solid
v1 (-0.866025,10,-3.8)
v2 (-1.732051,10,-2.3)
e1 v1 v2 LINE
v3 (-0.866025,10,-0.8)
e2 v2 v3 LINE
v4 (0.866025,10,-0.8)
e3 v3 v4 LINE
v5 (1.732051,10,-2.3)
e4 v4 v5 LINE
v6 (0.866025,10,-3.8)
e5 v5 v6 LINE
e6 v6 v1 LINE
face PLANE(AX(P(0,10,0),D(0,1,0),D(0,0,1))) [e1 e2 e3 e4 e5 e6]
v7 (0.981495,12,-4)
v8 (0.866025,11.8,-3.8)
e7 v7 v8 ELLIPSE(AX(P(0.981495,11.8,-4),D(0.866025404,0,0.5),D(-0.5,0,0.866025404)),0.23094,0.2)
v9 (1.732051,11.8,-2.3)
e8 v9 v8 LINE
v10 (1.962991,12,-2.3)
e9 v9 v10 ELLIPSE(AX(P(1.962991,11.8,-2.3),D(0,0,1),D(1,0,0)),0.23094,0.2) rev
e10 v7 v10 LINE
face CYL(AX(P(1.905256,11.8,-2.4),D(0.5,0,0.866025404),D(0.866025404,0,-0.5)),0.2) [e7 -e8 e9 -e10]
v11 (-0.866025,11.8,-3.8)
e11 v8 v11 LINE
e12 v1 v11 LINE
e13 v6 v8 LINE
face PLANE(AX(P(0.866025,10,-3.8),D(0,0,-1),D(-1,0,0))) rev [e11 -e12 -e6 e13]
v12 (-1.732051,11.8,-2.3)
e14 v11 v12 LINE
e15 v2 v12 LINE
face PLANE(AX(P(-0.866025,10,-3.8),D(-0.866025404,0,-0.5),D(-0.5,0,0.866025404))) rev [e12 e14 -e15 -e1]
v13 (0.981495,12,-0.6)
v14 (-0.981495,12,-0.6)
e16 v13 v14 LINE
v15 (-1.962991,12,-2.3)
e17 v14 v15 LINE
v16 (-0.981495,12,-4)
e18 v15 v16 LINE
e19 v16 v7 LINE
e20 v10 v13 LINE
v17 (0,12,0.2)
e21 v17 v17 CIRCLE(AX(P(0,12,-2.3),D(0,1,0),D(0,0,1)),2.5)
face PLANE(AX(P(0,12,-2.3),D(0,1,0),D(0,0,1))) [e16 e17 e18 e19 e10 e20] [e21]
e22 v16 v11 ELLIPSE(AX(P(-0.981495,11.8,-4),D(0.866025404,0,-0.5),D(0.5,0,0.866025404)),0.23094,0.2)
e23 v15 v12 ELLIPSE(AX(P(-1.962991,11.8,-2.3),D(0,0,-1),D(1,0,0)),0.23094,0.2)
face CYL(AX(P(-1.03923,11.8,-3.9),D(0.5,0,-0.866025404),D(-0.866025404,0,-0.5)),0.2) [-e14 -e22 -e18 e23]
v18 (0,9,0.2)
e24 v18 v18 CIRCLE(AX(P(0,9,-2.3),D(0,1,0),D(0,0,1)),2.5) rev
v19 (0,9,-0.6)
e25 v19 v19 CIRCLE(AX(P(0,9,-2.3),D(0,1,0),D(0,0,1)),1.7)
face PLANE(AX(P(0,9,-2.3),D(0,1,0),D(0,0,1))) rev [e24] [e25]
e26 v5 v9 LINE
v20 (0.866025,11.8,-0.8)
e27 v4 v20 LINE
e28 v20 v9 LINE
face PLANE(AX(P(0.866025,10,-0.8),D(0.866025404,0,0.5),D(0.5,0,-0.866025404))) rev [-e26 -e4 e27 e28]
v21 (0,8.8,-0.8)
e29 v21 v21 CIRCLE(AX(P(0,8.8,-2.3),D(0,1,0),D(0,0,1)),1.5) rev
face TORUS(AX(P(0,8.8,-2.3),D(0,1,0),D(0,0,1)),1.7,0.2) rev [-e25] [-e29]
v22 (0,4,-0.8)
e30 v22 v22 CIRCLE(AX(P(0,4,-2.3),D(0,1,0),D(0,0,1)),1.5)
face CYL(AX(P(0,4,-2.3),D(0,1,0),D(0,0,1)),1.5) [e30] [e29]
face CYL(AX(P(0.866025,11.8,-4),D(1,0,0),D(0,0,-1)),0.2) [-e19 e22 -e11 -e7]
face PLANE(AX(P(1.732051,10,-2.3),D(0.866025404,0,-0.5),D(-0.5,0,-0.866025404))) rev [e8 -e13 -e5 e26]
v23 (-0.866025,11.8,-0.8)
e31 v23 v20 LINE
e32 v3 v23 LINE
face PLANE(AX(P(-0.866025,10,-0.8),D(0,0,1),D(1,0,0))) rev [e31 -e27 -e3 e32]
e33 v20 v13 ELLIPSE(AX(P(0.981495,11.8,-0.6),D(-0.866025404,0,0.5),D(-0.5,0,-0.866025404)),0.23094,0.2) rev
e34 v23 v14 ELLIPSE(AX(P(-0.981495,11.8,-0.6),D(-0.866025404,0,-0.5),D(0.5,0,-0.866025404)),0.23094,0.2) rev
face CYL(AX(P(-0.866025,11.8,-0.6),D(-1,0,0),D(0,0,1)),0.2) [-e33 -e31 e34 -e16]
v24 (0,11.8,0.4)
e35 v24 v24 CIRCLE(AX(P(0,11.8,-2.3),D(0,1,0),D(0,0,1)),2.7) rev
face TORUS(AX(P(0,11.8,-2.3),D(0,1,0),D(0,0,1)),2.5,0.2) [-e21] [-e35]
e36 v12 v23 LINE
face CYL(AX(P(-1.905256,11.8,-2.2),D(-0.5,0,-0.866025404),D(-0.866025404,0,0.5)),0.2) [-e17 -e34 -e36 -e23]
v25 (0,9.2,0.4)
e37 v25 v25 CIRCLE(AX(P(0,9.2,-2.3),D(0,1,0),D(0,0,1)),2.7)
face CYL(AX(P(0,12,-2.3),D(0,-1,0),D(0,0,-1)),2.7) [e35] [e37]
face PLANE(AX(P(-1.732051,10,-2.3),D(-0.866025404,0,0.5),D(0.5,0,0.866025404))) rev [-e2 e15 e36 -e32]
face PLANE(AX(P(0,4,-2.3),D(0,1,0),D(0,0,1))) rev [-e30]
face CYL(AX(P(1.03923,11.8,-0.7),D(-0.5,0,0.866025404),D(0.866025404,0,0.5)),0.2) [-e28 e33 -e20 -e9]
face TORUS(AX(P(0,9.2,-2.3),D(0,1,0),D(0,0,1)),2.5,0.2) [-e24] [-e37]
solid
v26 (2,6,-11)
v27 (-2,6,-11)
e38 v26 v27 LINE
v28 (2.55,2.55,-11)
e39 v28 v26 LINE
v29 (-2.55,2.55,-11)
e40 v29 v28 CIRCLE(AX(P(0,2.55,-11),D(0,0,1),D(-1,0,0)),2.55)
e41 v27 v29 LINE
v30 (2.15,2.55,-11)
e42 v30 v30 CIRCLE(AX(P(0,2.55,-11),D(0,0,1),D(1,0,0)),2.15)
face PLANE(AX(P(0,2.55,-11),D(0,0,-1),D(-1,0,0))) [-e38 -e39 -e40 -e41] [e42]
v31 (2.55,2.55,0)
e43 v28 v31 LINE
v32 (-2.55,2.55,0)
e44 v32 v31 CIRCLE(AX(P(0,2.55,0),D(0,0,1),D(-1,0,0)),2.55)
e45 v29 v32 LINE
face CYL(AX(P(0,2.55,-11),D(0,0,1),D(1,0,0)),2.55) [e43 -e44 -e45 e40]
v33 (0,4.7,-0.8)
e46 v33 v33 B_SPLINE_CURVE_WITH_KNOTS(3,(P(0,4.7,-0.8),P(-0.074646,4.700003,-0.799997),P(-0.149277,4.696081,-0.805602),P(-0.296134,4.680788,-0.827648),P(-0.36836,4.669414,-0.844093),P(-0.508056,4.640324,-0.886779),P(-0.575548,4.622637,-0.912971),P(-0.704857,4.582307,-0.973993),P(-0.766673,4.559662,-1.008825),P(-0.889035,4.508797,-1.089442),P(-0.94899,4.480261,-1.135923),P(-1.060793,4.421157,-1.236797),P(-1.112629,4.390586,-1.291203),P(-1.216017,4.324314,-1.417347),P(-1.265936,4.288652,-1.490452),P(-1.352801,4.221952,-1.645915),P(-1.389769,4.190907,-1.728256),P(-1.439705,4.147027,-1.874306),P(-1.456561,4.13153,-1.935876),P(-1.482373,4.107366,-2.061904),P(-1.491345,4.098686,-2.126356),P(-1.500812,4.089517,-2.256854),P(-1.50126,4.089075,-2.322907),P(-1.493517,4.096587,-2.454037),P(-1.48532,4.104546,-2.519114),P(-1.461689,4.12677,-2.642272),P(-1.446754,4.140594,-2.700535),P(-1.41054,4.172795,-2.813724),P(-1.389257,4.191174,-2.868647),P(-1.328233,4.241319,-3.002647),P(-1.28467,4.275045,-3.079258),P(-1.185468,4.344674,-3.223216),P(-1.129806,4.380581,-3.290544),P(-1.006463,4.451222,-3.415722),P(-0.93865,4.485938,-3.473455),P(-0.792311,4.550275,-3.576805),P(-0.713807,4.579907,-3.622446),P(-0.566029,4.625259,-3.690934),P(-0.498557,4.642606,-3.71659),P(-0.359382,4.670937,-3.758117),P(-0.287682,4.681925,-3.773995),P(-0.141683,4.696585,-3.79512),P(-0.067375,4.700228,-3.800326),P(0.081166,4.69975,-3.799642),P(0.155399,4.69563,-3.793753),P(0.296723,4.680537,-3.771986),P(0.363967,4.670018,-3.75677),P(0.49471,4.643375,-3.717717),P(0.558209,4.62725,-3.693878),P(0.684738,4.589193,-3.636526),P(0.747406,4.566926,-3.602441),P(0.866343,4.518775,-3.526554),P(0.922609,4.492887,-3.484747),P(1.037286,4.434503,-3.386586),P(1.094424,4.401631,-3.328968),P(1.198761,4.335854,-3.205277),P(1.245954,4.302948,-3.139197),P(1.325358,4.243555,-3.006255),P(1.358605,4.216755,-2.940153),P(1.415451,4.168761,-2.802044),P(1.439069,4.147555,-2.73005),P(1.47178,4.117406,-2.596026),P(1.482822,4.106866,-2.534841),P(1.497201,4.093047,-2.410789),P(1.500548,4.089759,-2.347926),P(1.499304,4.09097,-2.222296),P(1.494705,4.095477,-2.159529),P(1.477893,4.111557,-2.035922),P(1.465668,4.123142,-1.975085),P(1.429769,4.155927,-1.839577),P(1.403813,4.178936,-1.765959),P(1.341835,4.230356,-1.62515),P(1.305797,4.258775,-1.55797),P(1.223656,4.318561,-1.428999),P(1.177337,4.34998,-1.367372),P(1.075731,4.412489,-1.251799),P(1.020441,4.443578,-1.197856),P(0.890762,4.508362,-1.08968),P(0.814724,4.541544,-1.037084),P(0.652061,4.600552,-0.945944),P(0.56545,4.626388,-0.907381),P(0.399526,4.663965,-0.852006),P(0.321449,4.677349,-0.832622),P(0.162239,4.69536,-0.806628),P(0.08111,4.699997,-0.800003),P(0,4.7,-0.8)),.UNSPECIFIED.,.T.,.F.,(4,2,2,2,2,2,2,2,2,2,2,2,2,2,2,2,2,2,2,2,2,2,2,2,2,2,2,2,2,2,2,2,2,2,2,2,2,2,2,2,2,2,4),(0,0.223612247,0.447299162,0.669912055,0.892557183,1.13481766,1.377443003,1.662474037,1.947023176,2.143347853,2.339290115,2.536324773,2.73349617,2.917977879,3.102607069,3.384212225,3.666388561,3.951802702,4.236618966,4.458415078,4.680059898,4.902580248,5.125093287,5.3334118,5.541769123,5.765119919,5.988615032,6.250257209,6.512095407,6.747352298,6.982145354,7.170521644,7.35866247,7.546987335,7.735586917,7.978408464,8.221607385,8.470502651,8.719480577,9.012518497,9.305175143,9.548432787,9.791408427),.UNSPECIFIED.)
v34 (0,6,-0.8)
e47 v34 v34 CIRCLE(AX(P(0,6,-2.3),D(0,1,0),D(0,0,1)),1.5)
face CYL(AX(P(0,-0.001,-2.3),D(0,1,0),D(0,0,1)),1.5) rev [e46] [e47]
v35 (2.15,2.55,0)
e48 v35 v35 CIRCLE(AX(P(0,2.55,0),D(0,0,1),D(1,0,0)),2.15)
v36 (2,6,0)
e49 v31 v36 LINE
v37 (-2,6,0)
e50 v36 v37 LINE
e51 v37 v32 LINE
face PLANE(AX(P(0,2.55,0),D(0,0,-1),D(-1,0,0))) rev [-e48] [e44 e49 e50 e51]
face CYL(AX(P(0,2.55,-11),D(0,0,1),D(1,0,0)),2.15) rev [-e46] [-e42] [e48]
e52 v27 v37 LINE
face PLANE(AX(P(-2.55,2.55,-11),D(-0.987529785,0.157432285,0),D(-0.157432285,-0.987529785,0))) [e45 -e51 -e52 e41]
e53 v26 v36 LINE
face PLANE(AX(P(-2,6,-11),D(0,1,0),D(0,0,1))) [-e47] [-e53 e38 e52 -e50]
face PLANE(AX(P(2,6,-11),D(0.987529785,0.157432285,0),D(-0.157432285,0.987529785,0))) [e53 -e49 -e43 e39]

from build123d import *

# Parameters (mm, degrees)
SKETCH_1_R               = 2.15
EXTRUDE_1_DEPTH          = 11
CUT_EXTRUDE_1_REACH      = 14.787
CUT_EXTRUDE_1_END_RADIUS = 2.15
SKETCH_2_R               = 1.5
EXTRUDE_2_DEPTH          = 3
EXTRUDE_2_DEPTH_BACK     = 2
SKETCH_3_R               = 1.5
SKETCH_4_R               = 2.7
EXTRUDE_3_DEPTH          = 3
CUT_EXTRUDE_2_DEPTH      = 2
FILLET_1_R               = 0.2


with BuildPart() as part:
    # Эскиз1 → Бобышка-Вытянуть1 (new body)
    with BuildSketch(Plane.XY):
        with BuildLine():
            Line((-2, 6), (2, 6))
            Line((2, 6), (2.55, 2.55))
            ThreePointArc((2.55, 2.55), (0, 0), (-2.55, 2.55))
            Line((-2.55, 2.55), (-2, 6))
        make_face()
        with Locations((0, 2.55)):
            Circle(SKETCH_1_R, mode=Mode.SUBTRACT)
    extrude(amount=-EXTRUDE_1_DEPTH)

    # Вырез-Вытянуть1: up to this cylinder (the profile starts outside it)
    cut_extrude_1_end = Plane(origin=(0, 2.55, -2.3), z_dir=(0, 0, 1)) * Cylinder(CUT_EXTRUDE_1_END_RADIUS, 34.874, mode=Mode.PRIVATE)
    # Эскиз2 → Вырез-Вытянуть1 (cut, up to the surface)
    with BuildSketch(Plane(origin=(0, 6, 0), x_dir=(1, 0, 0), z_dir=(0, 1, 0)), mode=Mode.PRIVATE) as cut_extrude_1_sk1:
        with Locations(Location((0, 2.3, 0), (0, 0, 270))):
            Circle(SKETCH_2_R)
    cut_extrude_1_tool1 = extrude(cut_extrude_1_sk1.sketch, amount=-CUT_EXTRUDE_1_REACH, mode=Mode.PRIVATE) - cut_extrude_1_end
    add(cut_extrude_1_tool1.solids().sort_by_distance((0, 6, -2.3))[0], mode=Mode.SUBTRACT)


with BuildPart() as body_2:
    # Эскиз3 → Бобышка-Вытянуть2 (new, two sides: drawn at the far end of the back side and taken through both)
    with BuildSketch(Plane(origin=(0, 6, 0), x_dir=(1, 0, 0), z_dir=(0, 1, 0)).offset(-EXTRUDE_2_DEPTH_BACK)):
        with Locations(Location((0, 2.3, 0), (0, 0, 270))):
            Circle(SKETCH_3_R)
    extrude(amount=EXTRUDE_2_DEPTH + EXTRUDE_2_DEPTH_BACK)

    # Эскиз4 → Бобышка-Вытянуть3 (add)
    with BuildSketch(Plane(origin=(0, 9, 0), x_dir=(1, 0, 0), z_dir=(0, 1, 0))):
        with Locations(Location((0, 2.3, 0), (0, 0, 270))):
            Circle(SKETCH_4_R)
    extrude(amount=EXTRUDE_3_DEPTH)

    # Эскиз5 → Вырез-Вытянуть2 (cut)
    with BuildSketch(Plane(origin=(0, 12, 0), x_dir=(1, 0, 0), z_dir=(0, 1, 0))):
        Polygon((1.732050808, 2.3), (0.866025404, 3.8), (-0.866025404, 3.8), (-1.732050808, 2.3), (-0.866025404, 0.8), (0.866025404, 0.8), align=None)
    extrude(amount=-CUT_EXTRUDE_2_DEPTH, mode=Mode.SUBTRACT)

    # Скругление1
    fillet_1_edges = [body_2.edges().sort_by_distance(p)[0] for p in [
        (1.299038106, 12, -1.55),
        (1.299038106, 12, -3.05),
        (0, 12, -3.8),
        (-1.299038106, 12, -3.05),
        (-1.299038106, 12, -1.55),
        (0, 12, -0.8),
        (0, 9, -3.8),
        (0, 9, -5),
        (0, 12, -5),
    ]]
    fillet(fillet_1_edges, radius=FILLET_1_R)


solid = Compound([part.part, body_2.part])
